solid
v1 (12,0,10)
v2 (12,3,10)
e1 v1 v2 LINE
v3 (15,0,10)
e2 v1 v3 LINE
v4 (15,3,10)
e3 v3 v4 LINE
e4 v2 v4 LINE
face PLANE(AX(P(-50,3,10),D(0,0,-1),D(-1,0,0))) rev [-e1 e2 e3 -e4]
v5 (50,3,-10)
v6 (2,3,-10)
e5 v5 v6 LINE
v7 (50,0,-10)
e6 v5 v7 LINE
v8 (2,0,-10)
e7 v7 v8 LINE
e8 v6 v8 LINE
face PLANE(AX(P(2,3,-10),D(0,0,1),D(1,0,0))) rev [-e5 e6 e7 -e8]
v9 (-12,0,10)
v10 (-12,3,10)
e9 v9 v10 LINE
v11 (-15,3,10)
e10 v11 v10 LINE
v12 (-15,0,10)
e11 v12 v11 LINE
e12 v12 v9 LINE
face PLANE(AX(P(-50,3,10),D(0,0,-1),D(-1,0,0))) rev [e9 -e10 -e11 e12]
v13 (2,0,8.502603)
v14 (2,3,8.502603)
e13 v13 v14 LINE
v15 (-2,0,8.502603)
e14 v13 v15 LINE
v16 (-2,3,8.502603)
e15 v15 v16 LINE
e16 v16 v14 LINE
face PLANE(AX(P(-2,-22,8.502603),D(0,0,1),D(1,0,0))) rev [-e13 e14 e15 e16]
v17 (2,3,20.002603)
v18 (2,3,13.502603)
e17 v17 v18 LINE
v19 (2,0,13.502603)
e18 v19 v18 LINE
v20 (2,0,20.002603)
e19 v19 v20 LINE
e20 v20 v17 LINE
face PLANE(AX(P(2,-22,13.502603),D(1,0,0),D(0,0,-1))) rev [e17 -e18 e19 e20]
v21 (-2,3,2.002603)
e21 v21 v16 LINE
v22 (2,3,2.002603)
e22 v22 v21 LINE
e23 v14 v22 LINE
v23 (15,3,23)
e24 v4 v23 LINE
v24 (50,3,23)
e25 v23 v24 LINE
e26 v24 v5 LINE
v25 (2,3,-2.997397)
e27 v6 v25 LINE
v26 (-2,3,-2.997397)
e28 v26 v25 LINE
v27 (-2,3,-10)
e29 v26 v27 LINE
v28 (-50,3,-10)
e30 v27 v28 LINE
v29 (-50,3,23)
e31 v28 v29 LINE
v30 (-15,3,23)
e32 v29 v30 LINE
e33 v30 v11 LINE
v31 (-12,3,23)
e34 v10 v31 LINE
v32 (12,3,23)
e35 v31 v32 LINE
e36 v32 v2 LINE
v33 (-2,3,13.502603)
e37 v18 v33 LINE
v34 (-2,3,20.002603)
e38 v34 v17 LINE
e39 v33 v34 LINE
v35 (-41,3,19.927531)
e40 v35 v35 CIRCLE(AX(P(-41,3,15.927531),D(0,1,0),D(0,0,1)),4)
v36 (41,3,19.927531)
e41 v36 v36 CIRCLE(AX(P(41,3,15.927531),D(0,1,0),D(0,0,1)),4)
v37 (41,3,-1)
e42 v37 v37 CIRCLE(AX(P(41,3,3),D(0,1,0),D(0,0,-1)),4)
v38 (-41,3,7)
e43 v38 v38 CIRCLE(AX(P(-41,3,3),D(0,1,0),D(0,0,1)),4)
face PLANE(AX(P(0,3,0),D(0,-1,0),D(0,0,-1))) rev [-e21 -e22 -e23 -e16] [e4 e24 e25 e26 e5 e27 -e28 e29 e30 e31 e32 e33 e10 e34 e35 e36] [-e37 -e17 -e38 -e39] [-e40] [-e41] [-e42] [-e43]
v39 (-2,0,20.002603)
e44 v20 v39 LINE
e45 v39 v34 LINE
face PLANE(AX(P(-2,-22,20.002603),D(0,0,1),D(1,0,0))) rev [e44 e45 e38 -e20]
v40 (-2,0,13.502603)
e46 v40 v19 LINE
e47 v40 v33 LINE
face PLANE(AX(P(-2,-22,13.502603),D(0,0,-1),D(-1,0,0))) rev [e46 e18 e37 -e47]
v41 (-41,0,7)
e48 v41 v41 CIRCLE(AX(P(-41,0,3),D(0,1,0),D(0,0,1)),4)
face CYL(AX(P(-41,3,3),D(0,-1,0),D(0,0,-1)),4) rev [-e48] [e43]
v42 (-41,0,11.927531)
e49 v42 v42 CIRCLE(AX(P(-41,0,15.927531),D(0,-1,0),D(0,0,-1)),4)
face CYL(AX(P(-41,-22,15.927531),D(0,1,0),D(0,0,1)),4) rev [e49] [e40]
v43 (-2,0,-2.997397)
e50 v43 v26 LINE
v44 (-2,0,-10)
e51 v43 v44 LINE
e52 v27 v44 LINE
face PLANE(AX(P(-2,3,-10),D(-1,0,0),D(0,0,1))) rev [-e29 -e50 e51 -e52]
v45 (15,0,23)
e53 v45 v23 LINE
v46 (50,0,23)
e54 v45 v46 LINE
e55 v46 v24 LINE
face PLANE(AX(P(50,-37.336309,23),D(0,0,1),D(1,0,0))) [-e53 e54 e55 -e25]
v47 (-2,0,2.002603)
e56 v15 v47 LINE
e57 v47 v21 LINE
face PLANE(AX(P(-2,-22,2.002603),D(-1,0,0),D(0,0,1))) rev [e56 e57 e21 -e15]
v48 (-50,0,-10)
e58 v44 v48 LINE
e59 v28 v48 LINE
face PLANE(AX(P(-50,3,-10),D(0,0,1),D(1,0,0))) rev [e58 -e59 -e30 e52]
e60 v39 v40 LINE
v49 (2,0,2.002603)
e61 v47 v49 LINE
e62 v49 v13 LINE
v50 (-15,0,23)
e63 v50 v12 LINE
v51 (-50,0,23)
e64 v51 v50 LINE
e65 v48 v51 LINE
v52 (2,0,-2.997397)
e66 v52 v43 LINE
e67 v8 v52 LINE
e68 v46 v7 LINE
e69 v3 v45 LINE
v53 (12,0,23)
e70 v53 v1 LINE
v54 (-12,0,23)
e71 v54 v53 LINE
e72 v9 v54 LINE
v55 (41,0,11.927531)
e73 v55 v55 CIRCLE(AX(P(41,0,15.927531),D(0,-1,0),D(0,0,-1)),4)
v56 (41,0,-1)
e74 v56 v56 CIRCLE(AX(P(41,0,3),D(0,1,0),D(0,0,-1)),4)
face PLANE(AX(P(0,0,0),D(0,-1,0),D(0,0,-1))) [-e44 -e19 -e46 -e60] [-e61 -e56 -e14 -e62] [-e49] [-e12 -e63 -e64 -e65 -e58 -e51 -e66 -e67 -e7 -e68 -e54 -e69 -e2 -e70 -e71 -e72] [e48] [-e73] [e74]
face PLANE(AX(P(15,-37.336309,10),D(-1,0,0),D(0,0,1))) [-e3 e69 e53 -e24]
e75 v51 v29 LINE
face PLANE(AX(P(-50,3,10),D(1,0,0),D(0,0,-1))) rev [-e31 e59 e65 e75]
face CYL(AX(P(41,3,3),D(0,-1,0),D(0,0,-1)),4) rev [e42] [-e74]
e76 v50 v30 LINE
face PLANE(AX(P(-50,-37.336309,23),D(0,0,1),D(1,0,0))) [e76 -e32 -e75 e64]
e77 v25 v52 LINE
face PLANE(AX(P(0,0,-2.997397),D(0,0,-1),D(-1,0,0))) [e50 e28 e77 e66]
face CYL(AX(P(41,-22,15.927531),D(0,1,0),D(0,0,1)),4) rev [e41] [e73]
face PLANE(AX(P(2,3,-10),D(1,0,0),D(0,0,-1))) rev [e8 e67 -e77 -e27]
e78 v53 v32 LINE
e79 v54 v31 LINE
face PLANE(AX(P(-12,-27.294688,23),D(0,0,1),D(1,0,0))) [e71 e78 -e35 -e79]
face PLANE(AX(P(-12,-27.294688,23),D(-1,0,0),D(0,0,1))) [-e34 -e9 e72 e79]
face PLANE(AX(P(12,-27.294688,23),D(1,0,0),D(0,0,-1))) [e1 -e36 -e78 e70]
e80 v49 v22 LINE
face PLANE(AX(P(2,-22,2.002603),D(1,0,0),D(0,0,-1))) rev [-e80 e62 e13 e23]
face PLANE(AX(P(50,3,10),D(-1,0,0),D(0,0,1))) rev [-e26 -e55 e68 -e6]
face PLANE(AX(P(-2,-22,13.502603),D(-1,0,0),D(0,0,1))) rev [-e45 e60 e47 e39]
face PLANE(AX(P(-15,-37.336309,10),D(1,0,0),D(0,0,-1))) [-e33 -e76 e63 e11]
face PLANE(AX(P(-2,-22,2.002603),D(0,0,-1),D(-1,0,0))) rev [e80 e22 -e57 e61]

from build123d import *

# Parameters (mm, degrees)
SKETCH_1_R          = 4
EXTRUDE_1_DEPTH     = 3
SKETCH_2_W          = 4
SKETCH_2_H          = 3
CUT_EXTRUDE_1_DEPTH = 3.33
SKETCH_3_W          = 24
SKETCH_3_H          = 13
EXTRUDE_2_DEPTH     = 3
SKETCH_4_W          = 35
SKETCH_4_H          = 13
EXTRUDE_3_DEPTH     = 3
SKETCH_5_R          = 4
CUT_EXTRUDE_2_DEPTH = 25
SKETCH_6_W          = 4
SKETCH_6_H          = 6.5
CUT_EXTRUDE_3_DEPTH = 25


with BuildPart() as part:
    # Эскиз1 → Бобышка-Вытянуть1 (new body)
    with BuildSketch(Plane(origin=(0, 0, 0), x_dir=(1, 0, 0), z_dir=(0, 1, 0))):
        Polygon((2, 10), (50, 10), (50, -10), (-50, -10), (-50, 10), (-2, 10), (-2, 6.32739691), (2, 6.32739691), align=None)
        with Locations(Location((-41, -3, 0), (0, 0, 270))):
            Circle(SKETCH_1_R, mode=Mode.SUBTRACT)
        with Locations(Location((41, -3, 0), (0, 0, 90))):
            Circle(SKETCH_1_R, mode=Mode.SUBTRACT)
    extrude(amount=EXTRUDE_1_DEPTH)

    # Эскиз2 → Вырез-Вытянуть1 (cut)
    with BuildSketch(Plane(origin=(0, 0, -6.32739691), x_dir=(-1, 0, 0), z_dir=(0, 0, -1))):
        with Locations((0, 1.5)):
            Rectangle(SKETCH_2_W, SKETCH_2_H)
    extrude(amount=-CUT_EXTRUDE_1_DEPTH, mode=Mode.SUBTRACT)

    # Эскиз3 → Бобышка-Вытянуть2 (add)
    with BuildSketch(Plane(origin=(0, 3, 0), x_dir=(1, 0, 0), z_dir=(0, 1, 0))):
        with Locations((0, -16.5)):
            Rectangle(SKETCH_3_W, SKETCH_3_H)
    extrude(amount=-EXTRUDE_2_DEPTH)

    # Эскиз4 → Бобышка-Вытянуть3 (add)
    with BuildSketch(Plane(origin=(0, 3, 0), x_dir=(1, 0, 0), z_dir=(0, 1, 0))):
        with Locations((-32.5, -16.5)):
            Rectangle(SKETCH_4_W, SKETCH_4_H)
        with Locations((32.5, -16.5)):
            Rectangle(SKETCH_4_W, SKETCH_4_H)
    extrude(amount=-EXTRUDE_3_DEPTH)

    # Эскиз5 → Вырез-Вытянуть2 (cut)
    with BuildSketch(Plane(origin=(0, 3, 0), x_dir=(1, 0, 0), z_dir=(0, 1, 0))):
        with Locations(Location((-41, -15.92753052, 0), (0, 0, 270))):
            Circle(SKETCH_5_R)
        with Locations(Location((41, -15.92753052, 0), (0, 0, 270))):
            Circle(SKETCH_5_R)
    extrude(amount=-CUT_EXTRUDE_2_DEPTH, mode=Mode.SUBTRACT)

    # Эскиз6 → Вырез-Вытянуть3 (cut)
    with BuildSketch(Plane(origin=(0, 3, 0), x_dir=(1, 0, 0), z_dir=(0, 1, 0))):
        with Locations((0, -5.25260309)):
            Rectangle(SKETCH_6_W, SKETCH_6_H)
        with Locations((0, -16.75260309)):
            Rectangle(SKETCH_6_W, SKETCH_6_H)
    extrude(amount=-CUT_EXTRUDE_3_DEPTH, mode=Mode.SUBTRACT)


solid = part.part
